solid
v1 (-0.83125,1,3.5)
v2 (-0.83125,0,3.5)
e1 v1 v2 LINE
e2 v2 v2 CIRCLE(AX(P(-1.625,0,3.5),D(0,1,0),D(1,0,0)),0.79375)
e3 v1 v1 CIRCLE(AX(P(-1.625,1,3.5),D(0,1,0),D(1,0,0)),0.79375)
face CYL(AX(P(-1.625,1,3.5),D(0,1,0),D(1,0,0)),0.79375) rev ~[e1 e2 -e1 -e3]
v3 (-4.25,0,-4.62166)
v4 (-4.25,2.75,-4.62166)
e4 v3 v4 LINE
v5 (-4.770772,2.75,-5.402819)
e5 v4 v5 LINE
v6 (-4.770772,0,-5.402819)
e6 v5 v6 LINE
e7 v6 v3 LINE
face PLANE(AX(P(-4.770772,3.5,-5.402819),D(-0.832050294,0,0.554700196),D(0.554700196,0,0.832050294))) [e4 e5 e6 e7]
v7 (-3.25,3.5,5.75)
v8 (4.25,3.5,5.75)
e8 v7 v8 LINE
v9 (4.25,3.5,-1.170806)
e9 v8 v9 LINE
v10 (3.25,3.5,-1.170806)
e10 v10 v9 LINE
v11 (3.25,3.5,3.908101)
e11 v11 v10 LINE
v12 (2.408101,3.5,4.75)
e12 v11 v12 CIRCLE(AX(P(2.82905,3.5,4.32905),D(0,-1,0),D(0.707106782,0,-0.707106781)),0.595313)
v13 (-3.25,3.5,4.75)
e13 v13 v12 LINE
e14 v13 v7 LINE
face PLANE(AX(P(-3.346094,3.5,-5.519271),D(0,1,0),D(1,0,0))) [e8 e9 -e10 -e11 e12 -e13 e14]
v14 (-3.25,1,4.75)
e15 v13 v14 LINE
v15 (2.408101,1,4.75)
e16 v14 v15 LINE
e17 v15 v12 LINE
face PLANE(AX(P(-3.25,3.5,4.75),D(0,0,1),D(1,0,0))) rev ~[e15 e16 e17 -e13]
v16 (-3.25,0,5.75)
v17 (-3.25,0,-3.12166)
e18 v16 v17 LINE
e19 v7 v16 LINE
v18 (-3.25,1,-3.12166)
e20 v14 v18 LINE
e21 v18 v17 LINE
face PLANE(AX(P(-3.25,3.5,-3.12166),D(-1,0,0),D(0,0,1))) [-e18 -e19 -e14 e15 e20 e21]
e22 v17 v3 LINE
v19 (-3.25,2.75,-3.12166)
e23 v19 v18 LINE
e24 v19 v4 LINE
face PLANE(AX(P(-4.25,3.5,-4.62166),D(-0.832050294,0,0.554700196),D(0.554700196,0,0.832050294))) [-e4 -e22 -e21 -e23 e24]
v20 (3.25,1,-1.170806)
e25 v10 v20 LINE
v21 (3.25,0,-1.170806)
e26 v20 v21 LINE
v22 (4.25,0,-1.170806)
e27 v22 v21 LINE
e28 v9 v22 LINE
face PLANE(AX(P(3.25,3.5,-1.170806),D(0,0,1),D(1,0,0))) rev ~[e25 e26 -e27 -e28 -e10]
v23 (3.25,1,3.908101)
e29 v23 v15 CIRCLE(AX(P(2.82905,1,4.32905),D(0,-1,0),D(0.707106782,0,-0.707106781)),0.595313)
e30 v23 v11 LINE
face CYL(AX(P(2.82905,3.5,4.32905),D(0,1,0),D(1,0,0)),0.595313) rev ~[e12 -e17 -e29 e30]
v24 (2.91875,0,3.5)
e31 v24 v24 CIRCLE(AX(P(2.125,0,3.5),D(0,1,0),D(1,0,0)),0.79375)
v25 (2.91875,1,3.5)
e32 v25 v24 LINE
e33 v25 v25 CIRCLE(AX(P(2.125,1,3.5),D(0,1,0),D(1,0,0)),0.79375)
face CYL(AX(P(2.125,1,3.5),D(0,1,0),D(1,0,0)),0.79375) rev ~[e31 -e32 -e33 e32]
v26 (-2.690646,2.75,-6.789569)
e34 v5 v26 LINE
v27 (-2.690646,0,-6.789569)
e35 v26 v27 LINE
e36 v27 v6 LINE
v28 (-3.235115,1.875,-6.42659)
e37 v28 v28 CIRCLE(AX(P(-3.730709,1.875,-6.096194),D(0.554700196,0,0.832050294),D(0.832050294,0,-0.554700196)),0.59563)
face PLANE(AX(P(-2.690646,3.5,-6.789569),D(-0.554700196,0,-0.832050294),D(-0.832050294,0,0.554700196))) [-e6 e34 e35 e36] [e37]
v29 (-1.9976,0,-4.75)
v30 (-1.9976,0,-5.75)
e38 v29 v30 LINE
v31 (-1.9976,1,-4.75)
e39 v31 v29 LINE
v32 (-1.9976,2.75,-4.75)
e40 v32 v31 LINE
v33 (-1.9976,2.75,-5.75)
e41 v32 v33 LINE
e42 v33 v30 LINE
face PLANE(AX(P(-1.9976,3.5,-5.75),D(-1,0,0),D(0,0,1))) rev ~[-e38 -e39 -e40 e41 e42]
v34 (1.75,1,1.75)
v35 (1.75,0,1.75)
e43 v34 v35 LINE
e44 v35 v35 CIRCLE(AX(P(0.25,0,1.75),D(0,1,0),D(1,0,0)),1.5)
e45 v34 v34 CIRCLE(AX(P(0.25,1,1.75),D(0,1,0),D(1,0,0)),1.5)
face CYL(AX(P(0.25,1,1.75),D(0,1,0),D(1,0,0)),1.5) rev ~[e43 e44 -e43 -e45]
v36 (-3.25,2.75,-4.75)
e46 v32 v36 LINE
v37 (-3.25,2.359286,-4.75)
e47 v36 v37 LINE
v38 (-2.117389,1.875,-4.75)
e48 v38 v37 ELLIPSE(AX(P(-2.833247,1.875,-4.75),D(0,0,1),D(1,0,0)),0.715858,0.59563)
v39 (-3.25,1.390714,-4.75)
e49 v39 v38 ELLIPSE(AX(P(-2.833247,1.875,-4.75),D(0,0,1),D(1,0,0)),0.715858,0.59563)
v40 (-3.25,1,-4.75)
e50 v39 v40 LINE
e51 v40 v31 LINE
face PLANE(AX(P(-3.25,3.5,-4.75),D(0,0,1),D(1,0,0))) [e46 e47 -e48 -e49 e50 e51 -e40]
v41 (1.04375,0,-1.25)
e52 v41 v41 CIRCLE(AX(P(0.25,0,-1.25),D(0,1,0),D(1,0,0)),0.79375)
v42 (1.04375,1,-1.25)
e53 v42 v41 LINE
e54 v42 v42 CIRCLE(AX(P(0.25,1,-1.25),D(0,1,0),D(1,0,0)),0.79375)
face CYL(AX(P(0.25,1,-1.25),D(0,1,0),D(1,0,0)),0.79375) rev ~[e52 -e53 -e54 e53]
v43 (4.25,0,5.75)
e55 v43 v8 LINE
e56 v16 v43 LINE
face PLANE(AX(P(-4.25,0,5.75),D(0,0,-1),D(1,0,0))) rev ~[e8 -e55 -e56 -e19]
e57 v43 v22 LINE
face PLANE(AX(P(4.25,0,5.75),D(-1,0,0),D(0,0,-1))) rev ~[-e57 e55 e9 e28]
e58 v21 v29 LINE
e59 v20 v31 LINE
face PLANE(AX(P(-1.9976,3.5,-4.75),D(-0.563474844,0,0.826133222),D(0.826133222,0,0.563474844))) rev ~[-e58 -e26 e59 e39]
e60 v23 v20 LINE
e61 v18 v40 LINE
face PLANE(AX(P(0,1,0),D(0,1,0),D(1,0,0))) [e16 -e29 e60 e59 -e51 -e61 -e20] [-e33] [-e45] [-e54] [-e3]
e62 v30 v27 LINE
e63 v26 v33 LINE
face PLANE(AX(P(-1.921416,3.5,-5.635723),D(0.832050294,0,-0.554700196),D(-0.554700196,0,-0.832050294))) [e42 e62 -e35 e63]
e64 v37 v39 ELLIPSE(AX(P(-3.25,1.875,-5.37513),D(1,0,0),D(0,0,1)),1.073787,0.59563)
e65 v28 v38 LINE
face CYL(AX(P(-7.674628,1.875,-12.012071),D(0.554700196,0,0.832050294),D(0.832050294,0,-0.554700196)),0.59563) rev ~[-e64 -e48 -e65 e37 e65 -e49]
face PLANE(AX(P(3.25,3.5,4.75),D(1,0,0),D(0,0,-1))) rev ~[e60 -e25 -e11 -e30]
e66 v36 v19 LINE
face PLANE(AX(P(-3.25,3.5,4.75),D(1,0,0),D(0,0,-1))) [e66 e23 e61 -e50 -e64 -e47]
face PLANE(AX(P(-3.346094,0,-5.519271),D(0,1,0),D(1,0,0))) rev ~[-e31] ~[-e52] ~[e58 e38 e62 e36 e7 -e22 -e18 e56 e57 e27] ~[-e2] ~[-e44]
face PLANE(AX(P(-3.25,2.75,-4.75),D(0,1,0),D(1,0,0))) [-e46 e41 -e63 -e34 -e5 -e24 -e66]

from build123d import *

# Parameters (mm, degrees)
SKETCH1_W                     = 8.5
SKETCH1_H                     = 11.5
BOSS_EXTRUDE1_DEPTH           = 3.5
SKETCH2_W                     = 6.5
SKETCH2_H                     = 9.5
CUT_EXTRUDE1_DEPTH            = 2.5
SKETCH3_R                     = 1.5
CUT_EXTRUDE2_DEPTH            = 2
SKETCH6_R                     = 0.5953125
CUT_EXTRUDE5_DEPTH            = 2.5
SKETCH7_R                     = 0.79375
CUT_EXTRUDE6_DEPTH            = 2
BOSS_EXTRUDE2_DEPTH           = 3.5
SKETCH14_W                    = 5.965258944
SKETCH14_H                    = 5.132960456
CUT_EXTRUDE8_DEPTH            = 0.75
TAP_DRILL_FOR_0_80_TAP1_D     = 1.19126
TAP_DRILL_FOR_0_80_TAP1_DEPTH = 7.11
TAP_DRILL_FOR_0_80_TAP1_TIP   = 0.357890611
CUT_EXTRUDE7_REACH            = 5.5


with BuildPart() as part:
    # Sketch1 → Boss-Extrude1 (new body)
    with BuildSketch(Plane(origin=(0, 0, 0), x_dir=(1, 0, 0), z_dir=(0, 1, 0))):
        Rectangle(SKETCH1_W, SKETCH1_H)
    extrude(amount=BOSS_EXTRUDE1_DEPTH)

    # Sketch2 → Cut-Extrude1 (cut)
    with BuildSketch(Plane(origin=(0, 3.5, 0), x_dir=(1, 0, 0), z_dir=(0, 1, 0))):
        Rectangle(SKETCH2_W, SKETCH2_H)
    extrude(amount=-CUT_EXTRUDE1_DEPTH, mode=Mode.SUBTRACT)

    # Sketch3 → Cut-Extrude2 (cut, through all)
    with BuildSketch(Plane(origin=(0, 1, 0), x_dir=(1, 0, 0), z_dir=(0, 1, 0))):
        with Locations((0.25, -1.75)):
            Circle(SKETCH3_R)
    extrude(amount=-CUT_EXTRUDE2_DEPTH, mode=Mode.SUBTRACT)

    # Sketch6 → Cut-Extrude5 (cut)
    with BuildSketch(Plane(origin=(0, 3.5, 0), x_dir=(1, 0, 0), z_dir=(0, 1, 0))):
        with Locations((2.829050494, -4.329050494)):
            Circle(SKETCH6_R)
    extrude(amount=-CUT_EXTRUDE5_DEPTH, mode=Mode.SUBTRACT)

    # Sketch7 → Cut-Extrude6 (cut, through all)
    with BuildSketch(Plane(origin=(0, 1, 0), x_dir=(1, 0, 0), z_dir=(0, 1, 0))):
        with Locations((0.25, 1.25)):
            Circle(SKETCH7_R)
        with Locations((-1.625, -3.5)):
            Circle(SKETCH7_R)
        with Locations((2.125, -3.5)):
            Circle(SKETCH7_R)
    extrude(amount=-CUT_EXTRUDE6_DEPTH, mode=Mode.SUBTRACT)

    # Sketch9 → Boss-Extrude2 (add)
    with BuildSketch(Plane(origin=(0, 3.5, 0), x_dir=(1, 0, 0), z_dir=(0, 1, 0))):
        Polygon((-2.69064642, 6.789569053), (-4.770772156, 5.402818562), (-4.001541387, 4.248972409), (-3.411634369, 4.642243754), (-2.511322669, 5.242451554), (-1.921415651, 5.635722899), align=None)
    extrude(amount=-BOSS_EXTRUDE2_DEPTH)

    # Sketch14 → Cut-Extrude8 (cut)
    with BuildSketch(Plane(origin=(0, 3.5, 0), x_dir=(1, 0, 0), z_dir=(0, 1, 0))):
        with Locations((-3.25, 4.75)):
            Rectangle(SKETCH14_W, SKETCH14_H)
    extrude(amount=-CUT_EXTRUDE8_DEPTH, mode=Mode.SUBTRACT)

    # Tap Drill for #0-80 Tap1
    with Locations(Plane(origin=(-3.961538462, 0, -5.942307692), x_dir=(-0.832050294, 0, 0.554700196), z_dir=(-0.554700196, 0, -0.832050294))):
        with Locations((-0.27742214, 1.875)):
            Hole(TAP_DRILL_FOR_0_80_TAP1_D / 2, depth=TAP_DRILL_FOR_0_80_TAP1_DEPTH)
            with Locations((0, 0, -(TAP_DRILL_FOR_0_80_TAP1_DEPTH + TAP_DRILL_FOR_0_80_TAP1_TIP / 2))):  # 118° drill point
                Cone(0, TAP_DRILL_FOR_0_80_TAP1_D / 2, TAP_DRILL_FOR_0_80_TAP1_TIP, mode=Mode.SUBTRACT)

    # Sketch13 → Cut-Extrude7 (cut, up to next)
    with BuildSketch(Plane(origin=(0, 3.5, 0), x_dir=(1, 0, 0), z_dir=(0, 1, 0)), mode=Mode.PRIVATE) as cut_extrude7_sk1:
        Polygon((-1.997600385, 5.75), (-1.997600385, 4.75), (3.25, 1.170806318), (4.25, 1.170806318), (4.25, 5.75), align=None)
    cut_extrude7_tool1 = extrude(cut_extrude7_sk1.sketch, amount=-CUT_EXTRUDE7_REACH, mode=Mode.PRIVATE) & part.part
    add(cut_extrude7_tool1.solids().sort_by_distance((1.797917, 3.5, -3.996239))[0], mode=Mode.SUBTRACT)
    # Sketch13 → Cut-Extrude7 (cut, up to next)
    with BuildSketch(Plane(origin=(0, 3.5, 0), x_dir=(1, 0, 0), z_dir=(0, 1, 0)), mode=Mode.PRIVATE) as cut_extrude7_sk2:
        Polygon((-4.25, 4.621660328), (-3.25, 3.121660328), (-3.25, -5.75), (-4.25, -5.75), align=None)
    cut_extrude7_tool2 = extrude(cut_extrude7_sk2.sketch, amount=-CUT_EXTRUDE7_REACH, mode=Mode.PRIVATE) & part.part
    add(cut_extrude7_tool2.solids().sort_by_distance((-3.762992, 3.5, 0.929426))[0], mode=Mode.SUBTRACT)


solid = part.part
